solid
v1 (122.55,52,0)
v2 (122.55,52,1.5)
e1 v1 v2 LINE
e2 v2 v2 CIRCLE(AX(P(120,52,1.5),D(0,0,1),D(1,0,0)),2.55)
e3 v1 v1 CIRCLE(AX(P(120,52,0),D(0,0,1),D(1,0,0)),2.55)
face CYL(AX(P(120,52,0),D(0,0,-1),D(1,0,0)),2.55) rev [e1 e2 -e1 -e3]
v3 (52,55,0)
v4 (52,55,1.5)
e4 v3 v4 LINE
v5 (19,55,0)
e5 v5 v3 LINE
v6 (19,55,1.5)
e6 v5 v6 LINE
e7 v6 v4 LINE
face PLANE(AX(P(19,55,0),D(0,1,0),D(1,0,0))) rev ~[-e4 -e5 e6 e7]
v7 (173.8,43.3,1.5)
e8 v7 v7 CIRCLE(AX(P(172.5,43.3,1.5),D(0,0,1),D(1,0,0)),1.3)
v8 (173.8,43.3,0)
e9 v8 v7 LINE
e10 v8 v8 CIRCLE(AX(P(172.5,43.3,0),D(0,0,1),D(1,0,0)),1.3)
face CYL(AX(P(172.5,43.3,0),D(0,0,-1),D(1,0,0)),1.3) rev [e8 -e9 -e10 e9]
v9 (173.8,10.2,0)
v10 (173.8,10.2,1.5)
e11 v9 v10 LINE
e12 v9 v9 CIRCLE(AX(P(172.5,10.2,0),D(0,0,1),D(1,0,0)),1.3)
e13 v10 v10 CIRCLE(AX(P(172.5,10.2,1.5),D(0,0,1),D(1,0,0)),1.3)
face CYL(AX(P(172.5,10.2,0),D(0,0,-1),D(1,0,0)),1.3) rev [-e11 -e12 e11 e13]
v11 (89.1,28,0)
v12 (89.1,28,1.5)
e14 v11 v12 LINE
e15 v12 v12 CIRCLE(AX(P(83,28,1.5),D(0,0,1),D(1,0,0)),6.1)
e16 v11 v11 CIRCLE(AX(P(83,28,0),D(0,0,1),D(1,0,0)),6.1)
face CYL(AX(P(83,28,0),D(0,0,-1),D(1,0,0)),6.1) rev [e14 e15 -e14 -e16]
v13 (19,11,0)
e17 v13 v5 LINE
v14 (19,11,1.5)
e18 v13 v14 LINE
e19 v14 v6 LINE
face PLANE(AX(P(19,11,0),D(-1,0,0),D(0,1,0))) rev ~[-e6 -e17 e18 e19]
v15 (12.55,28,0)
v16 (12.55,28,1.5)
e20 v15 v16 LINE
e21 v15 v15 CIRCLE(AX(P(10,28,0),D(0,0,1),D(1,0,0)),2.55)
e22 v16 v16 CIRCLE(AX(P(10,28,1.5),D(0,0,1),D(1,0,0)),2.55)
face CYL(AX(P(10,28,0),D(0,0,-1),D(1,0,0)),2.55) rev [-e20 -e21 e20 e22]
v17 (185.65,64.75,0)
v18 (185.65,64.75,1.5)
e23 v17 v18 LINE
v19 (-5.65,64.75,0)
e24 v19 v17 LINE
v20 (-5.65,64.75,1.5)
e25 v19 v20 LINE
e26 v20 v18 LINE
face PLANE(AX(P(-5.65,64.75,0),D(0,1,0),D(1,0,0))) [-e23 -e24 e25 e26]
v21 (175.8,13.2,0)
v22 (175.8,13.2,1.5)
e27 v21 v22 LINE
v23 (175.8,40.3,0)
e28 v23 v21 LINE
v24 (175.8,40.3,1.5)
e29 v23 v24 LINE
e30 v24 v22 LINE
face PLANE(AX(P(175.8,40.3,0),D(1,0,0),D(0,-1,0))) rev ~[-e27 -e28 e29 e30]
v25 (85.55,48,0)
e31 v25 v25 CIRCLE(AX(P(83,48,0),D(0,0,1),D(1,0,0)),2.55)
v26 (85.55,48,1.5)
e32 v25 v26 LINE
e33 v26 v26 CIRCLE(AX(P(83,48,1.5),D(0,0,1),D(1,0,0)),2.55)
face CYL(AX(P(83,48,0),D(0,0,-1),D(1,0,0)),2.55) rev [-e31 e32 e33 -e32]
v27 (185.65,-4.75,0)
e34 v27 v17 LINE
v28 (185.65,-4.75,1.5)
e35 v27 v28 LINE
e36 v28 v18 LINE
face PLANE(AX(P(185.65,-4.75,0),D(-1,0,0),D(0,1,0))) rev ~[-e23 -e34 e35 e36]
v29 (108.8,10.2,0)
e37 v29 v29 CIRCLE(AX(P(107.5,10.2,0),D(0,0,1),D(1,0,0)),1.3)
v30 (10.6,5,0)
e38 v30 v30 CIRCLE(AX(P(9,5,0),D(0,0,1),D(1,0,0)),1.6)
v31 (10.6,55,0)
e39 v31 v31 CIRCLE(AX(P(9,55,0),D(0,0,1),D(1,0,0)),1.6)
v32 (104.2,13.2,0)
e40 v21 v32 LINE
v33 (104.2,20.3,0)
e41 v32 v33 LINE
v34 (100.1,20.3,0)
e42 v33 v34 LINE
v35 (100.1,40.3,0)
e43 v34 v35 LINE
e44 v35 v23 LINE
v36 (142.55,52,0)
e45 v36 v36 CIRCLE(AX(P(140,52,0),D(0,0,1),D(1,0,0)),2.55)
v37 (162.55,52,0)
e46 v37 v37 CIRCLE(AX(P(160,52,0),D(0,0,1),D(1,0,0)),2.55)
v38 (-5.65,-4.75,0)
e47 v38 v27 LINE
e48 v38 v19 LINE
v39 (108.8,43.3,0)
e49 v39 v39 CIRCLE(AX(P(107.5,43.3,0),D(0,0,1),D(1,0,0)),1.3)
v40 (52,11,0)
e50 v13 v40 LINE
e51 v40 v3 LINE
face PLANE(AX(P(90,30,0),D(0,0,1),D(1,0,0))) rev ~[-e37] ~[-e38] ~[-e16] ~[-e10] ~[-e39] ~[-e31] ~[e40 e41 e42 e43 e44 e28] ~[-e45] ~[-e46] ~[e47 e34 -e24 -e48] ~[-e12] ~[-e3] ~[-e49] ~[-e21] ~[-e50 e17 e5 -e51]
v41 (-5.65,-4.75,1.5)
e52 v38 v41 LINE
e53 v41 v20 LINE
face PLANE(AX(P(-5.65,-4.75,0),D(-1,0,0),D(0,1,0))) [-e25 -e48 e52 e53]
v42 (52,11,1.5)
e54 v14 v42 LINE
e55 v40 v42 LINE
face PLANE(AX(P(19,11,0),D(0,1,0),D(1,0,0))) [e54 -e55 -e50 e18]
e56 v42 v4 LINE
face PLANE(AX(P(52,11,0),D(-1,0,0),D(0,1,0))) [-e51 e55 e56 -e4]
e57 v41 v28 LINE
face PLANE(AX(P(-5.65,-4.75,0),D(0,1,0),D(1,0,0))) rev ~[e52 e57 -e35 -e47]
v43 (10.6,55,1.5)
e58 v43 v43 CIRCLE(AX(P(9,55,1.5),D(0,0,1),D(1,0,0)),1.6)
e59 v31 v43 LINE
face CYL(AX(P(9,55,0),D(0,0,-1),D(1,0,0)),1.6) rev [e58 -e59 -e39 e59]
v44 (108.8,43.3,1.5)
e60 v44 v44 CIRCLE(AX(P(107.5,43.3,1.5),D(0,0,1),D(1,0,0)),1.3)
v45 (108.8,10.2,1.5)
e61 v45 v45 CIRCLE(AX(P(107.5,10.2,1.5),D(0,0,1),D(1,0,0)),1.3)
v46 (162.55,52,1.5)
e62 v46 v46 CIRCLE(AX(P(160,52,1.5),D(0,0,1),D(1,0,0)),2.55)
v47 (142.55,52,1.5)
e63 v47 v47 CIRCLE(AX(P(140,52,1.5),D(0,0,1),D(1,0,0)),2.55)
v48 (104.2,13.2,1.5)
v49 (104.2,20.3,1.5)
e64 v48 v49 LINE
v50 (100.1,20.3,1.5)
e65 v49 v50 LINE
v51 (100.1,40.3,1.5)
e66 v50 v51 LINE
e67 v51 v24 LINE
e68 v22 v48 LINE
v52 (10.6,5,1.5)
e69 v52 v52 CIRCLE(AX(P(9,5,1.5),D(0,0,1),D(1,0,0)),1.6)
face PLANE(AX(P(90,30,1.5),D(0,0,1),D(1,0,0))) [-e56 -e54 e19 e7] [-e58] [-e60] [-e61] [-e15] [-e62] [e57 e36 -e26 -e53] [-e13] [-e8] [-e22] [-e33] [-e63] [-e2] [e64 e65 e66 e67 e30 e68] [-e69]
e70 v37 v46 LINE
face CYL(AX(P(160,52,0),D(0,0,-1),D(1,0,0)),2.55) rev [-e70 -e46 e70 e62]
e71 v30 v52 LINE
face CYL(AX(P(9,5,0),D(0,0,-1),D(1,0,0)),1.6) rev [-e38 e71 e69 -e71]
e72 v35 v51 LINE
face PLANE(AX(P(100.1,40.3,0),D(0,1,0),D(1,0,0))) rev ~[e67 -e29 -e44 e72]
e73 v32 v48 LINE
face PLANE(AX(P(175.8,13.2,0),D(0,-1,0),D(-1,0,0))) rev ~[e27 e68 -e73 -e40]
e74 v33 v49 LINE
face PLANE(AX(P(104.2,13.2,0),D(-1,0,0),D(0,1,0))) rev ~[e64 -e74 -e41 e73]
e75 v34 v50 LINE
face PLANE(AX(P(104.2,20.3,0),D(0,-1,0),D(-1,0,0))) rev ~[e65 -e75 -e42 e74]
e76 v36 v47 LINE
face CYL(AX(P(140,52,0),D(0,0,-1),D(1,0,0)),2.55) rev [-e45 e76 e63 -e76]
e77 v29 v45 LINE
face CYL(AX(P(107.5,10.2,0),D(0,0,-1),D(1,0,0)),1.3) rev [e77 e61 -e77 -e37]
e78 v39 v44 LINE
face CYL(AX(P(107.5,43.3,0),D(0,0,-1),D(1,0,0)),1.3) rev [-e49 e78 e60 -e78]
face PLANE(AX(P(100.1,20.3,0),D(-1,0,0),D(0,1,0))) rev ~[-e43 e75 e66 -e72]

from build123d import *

# Parameters (mm, degrees)
F0_W     = 191.3
F0_H     = 69.5
F0_R     = 1.6
F0_R_2   = 2.55
F0_R_3   = 6.1
F0_R_4   = 1.3
F0_W_2   = 33
F0_H_2   = 44
F1_DEPTH = 1.5


with BuildPart() as f1:
    # F0 (on Top) → F1 (new body)
    with BuildSketch(Plane.XY):
        with Locations((90, 30)):
            Rectangle(F0_W, F0_H)
        with Locations((9, 5)):
            Circle(F0_R, mode=Mode.SUBTRACT)
        with Locations((10, 28)):
            Circle(F0_R_2, mode=Mode.SUBTRACT)
        with Locations((83, 28)):
            Circle(F0_R_3, mode=Mode.SUBTRACT)
        with Locations((107.5, 10.2)):
            Circle(F0_R_4, mode=Mode.SUBTRACT)
        with Locations((172.5, 10.2)):
            Circle(F0_R_4, mode=Mode.SUBTRACT)
        Polygon((175.8, 13.2), (104.2, 13.2), (104.2, 20.3), (100.1, 20.3), (100.1, 40.3), (104.2, 40.3), (175.8, 40.3), align=None, mode=Mode.SUBTRACT)
        with Locations((35.5, 33)):
            Rectangle(F0_W_2, F0_H_2, mode=Mode.SUBTRACT)
        with Locations((9, 55)):
            Circle(F0_R, mode=Mode.SUBTRACT)
        with Locations((83, 48)):
            Circle(F0_R_2, mode=Mode.SUBTRACT)
        with Locations((107.5, 43.3)):
            Circle(F0_R_4, mode=Mode.SUBTRACT)
        with Locations((172.5, 43.3)):
            Circle(F0_R_4, mode=Mode.SUBTRACT)
        with Locations((120, 52)):
            Circle(F0_R_2, mode=Mode.SUBTRACT)
        with Locations((140, 52)):
            Circle(F0_R_2, mode=Mode.SUBTRACT)
        with Locations((160, 52)):
            Circle(F0_R_2, mode=Mode.SUBTRACT)
    extrude(amount=F1_DEPTH)


solid = f1.part
